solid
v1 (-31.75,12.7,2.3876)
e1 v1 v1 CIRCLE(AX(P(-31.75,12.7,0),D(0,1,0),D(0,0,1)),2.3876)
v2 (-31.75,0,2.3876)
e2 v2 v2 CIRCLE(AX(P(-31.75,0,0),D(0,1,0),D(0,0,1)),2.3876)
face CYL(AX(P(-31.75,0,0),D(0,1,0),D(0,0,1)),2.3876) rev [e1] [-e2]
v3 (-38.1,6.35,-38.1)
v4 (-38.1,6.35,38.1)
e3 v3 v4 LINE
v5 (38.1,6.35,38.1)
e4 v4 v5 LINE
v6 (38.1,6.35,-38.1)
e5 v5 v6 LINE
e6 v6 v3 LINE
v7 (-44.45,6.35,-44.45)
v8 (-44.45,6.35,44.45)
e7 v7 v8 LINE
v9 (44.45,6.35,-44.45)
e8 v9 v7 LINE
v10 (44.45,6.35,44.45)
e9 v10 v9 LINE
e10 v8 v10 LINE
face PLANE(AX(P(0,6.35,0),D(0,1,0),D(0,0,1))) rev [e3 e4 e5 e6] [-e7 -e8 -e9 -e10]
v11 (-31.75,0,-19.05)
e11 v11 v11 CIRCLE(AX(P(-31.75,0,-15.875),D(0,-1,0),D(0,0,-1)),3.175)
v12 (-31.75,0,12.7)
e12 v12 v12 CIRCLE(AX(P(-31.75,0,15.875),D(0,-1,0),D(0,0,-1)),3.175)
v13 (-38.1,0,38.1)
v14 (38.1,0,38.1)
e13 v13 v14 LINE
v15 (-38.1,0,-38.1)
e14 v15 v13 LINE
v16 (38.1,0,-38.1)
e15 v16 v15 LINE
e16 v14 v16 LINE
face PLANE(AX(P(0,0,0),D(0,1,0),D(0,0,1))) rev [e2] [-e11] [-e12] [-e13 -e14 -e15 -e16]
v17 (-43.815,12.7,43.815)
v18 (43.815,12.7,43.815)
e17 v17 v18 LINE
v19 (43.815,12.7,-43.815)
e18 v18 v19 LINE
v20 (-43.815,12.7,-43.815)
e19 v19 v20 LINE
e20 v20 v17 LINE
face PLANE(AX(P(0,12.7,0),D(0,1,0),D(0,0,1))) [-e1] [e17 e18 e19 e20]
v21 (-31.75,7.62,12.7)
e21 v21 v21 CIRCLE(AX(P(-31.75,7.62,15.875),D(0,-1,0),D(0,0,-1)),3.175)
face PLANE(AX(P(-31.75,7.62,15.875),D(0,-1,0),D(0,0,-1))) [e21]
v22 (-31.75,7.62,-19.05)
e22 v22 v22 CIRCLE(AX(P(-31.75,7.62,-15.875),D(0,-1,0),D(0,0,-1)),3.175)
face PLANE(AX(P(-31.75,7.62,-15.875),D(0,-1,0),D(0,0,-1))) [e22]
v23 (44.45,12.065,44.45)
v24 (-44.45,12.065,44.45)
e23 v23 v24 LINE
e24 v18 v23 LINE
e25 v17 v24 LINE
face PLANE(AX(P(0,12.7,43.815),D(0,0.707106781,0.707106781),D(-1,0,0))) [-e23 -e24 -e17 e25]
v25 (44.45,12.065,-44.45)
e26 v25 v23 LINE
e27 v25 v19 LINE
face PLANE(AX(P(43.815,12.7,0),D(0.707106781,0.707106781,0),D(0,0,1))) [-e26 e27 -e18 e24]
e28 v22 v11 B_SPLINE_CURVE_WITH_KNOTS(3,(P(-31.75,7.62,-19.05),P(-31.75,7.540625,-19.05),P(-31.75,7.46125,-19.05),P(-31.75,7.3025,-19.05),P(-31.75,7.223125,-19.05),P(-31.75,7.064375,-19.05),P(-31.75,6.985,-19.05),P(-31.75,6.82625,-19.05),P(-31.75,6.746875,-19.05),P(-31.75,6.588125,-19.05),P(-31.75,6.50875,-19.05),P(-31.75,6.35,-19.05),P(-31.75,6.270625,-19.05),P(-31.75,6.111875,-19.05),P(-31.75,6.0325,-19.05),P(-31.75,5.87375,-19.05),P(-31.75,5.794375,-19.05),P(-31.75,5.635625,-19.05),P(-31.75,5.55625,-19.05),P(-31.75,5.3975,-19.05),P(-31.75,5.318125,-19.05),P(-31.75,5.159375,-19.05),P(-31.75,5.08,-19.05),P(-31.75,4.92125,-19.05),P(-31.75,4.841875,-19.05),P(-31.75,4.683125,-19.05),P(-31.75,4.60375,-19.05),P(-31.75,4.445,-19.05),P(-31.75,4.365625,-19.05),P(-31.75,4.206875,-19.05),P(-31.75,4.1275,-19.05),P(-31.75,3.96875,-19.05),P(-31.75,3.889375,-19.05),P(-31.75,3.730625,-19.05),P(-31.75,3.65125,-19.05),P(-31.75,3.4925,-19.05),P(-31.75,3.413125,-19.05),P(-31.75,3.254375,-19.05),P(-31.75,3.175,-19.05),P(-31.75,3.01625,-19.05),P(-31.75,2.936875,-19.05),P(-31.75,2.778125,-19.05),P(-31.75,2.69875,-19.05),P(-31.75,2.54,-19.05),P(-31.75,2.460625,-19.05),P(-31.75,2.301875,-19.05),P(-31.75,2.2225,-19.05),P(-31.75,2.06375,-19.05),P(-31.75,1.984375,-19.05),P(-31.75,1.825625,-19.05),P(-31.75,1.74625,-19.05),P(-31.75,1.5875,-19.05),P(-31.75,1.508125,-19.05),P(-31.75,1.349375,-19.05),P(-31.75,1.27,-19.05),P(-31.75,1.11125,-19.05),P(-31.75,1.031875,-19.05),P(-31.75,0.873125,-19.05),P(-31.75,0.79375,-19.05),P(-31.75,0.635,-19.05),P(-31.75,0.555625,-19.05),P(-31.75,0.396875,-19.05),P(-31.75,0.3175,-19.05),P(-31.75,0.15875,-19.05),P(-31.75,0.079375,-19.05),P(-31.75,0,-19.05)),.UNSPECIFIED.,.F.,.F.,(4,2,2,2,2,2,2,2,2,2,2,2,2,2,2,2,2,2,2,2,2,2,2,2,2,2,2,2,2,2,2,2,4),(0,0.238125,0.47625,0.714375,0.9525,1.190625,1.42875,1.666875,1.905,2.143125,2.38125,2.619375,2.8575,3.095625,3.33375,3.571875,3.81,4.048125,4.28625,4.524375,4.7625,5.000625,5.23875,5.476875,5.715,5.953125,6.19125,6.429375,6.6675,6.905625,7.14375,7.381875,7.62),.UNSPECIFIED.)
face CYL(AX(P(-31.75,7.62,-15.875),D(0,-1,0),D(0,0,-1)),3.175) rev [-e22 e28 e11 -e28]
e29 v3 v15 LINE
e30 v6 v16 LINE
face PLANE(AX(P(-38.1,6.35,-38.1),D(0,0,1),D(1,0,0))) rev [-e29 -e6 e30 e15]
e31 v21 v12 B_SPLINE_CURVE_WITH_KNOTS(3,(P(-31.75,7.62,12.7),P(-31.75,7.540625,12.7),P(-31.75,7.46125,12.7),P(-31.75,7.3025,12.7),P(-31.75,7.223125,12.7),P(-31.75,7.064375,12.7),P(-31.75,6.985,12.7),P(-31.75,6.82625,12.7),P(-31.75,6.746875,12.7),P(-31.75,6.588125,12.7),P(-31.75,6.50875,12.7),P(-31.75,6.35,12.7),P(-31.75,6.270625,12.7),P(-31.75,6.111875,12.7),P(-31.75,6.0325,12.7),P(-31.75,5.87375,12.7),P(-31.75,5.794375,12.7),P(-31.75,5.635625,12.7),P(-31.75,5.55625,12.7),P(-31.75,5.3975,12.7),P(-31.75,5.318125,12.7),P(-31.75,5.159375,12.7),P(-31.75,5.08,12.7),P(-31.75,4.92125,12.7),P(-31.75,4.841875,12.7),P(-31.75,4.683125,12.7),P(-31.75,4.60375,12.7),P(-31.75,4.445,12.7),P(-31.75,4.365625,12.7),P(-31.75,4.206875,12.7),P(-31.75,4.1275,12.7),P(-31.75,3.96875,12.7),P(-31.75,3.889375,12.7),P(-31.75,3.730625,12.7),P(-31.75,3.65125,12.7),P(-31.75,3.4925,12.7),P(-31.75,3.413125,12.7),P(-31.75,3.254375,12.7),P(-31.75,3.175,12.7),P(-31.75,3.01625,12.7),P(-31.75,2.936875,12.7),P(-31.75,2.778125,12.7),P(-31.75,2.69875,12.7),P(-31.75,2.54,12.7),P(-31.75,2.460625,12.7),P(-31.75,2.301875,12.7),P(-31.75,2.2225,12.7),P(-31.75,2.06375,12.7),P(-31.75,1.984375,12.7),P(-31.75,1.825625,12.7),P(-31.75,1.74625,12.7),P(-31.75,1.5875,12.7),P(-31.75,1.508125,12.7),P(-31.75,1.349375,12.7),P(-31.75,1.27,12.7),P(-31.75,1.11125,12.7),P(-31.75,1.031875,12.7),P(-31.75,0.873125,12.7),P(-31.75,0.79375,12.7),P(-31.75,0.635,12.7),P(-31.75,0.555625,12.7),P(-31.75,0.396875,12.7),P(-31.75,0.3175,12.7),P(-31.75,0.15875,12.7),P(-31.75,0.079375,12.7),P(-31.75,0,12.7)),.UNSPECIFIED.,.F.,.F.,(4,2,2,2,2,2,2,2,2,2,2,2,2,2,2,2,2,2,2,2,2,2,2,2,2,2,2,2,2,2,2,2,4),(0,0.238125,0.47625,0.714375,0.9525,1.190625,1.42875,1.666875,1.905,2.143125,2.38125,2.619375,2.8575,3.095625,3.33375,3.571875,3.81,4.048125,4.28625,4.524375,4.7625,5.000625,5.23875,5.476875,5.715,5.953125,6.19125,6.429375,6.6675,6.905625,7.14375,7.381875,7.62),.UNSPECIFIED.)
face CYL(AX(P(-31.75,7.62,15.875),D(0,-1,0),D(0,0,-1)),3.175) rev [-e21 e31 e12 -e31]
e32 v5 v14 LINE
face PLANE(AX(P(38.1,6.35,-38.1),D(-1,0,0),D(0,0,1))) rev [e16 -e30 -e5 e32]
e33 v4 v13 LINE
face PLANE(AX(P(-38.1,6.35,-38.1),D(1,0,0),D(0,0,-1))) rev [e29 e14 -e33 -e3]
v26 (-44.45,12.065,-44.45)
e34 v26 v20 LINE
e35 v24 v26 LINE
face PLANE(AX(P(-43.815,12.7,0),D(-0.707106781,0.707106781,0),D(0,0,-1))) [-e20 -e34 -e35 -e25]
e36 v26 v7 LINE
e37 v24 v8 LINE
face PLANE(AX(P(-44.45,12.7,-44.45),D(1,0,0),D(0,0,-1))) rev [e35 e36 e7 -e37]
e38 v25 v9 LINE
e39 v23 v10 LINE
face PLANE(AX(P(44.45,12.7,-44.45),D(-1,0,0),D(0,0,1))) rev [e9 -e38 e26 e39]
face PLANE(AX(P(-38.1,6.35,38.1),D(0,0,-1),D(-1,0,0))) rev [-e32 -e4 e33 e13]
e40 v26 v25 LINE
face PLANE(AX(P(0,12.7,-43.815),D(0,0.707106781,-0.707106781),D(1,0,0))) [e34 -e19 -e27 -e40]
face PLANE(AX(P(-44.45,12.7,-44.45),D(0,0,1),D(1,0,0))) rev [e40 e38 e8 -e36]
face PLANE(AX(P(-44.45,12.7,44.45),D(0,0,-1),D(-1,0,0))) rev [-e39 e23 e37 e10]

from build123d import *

# Parameters (mm, degrees)
SKETCH1_W           = 88.9
SKETCH1_H           = 88.9
BOSS_EXTRUDE1_DEPTH = 12.7
SKETCH2_OUTSIDE_W   = 116.172
SKETCH2_OUTSIDE_H   = 116.172
SKETCH2_OUTSIDE_W_2 = 76.2
SKETCH2_OUTSIDE_H_2 = 76.2
CUT_EXTRUDE3_DEPTH  = 6.35
SKETCH3_R           = 2.3876
CUT_EXTRUDE4_DEPTH  = 65.131856359
CHAMFER1_SIZE       = 0.635
SKETCH4_R           = 3.175
CUT_EXTRUDE5_DEPTH  = 7.62


with BuildPart() as part:
    # Sketch1 → Boss-Extrude1 (new body)
    with BuildSketch(Plane(origin=(0, 0, 0), x_dir=(1, 0, 0), z_dir=(0, 1, 0))):
        Rectangle(SKETCH1_W, SKETCH1_H)
    extrude(amount=BOSS_EXTRUDE1_DEPTH)

    # Sketch2 outside → Cut-Extrude3 (cut)
    with BuildSketch(Plane(origin=(0, 0, 0), x_dir=(1, 0, 0), z_dir=(0, 1, 0))):
        Rectangle(SKETCH2_OUTSIDE_W, SKETCH2_OUTSIDE_H)
        Rectangle(SKETCH2_OUTSIDE_W_2, SKETCH2_OUTSIDE_H_2, mode=Mode.SUBTRACT)
    extrude(amount=CUT_EXTRUDE3_DEPTH, mode=Mode.SUBTRACT)

    # Sketch3 → Cut-Extrude4 (cut, through all)
    with BuildSketch(Plane(origin=(0, 12.7, 0), x_dir=(1, 0, 0), z_dir=(0, 1, 0))):
        with Locations(Location((-31.75, 0, 0), (0, 0, 270))):
            Circle(SKETCH3_R)
    extrude(amount=-CUT_EXTRUDE4_DEPTH, mode=Mode.SUBTRACT)

    # Chamfer1
    chamfer1_edges = [part.edges().sort_by_distance(p)[0] for p in [
        (-44.45, 12.7, 0),
        (0, 12.7, 44.45),
        (44.45, 12.7, 0),
        (0, 12.7, -44.45),
    ]]
    chamfer(chamfer1_edges, length=CHAMFER1_SIZE)

    # Sketch4 → Cut-Extrude5 (cut)
    with BuildSketch(Plane.XZ):
        with Locations(Location((-31.75, 15.875, 0), (0, 0, 270))):
            Circle(SKETCH4_R)
        with Locations(Location((-31.75, -15.875, 0), (0, 0, 270))):
            Circle(SKETCH4_R)
    extrude(amount=-CUT_EXTRUDE5_DEPTH, mode=Mode.SUBTRACT)


solid = part.part
